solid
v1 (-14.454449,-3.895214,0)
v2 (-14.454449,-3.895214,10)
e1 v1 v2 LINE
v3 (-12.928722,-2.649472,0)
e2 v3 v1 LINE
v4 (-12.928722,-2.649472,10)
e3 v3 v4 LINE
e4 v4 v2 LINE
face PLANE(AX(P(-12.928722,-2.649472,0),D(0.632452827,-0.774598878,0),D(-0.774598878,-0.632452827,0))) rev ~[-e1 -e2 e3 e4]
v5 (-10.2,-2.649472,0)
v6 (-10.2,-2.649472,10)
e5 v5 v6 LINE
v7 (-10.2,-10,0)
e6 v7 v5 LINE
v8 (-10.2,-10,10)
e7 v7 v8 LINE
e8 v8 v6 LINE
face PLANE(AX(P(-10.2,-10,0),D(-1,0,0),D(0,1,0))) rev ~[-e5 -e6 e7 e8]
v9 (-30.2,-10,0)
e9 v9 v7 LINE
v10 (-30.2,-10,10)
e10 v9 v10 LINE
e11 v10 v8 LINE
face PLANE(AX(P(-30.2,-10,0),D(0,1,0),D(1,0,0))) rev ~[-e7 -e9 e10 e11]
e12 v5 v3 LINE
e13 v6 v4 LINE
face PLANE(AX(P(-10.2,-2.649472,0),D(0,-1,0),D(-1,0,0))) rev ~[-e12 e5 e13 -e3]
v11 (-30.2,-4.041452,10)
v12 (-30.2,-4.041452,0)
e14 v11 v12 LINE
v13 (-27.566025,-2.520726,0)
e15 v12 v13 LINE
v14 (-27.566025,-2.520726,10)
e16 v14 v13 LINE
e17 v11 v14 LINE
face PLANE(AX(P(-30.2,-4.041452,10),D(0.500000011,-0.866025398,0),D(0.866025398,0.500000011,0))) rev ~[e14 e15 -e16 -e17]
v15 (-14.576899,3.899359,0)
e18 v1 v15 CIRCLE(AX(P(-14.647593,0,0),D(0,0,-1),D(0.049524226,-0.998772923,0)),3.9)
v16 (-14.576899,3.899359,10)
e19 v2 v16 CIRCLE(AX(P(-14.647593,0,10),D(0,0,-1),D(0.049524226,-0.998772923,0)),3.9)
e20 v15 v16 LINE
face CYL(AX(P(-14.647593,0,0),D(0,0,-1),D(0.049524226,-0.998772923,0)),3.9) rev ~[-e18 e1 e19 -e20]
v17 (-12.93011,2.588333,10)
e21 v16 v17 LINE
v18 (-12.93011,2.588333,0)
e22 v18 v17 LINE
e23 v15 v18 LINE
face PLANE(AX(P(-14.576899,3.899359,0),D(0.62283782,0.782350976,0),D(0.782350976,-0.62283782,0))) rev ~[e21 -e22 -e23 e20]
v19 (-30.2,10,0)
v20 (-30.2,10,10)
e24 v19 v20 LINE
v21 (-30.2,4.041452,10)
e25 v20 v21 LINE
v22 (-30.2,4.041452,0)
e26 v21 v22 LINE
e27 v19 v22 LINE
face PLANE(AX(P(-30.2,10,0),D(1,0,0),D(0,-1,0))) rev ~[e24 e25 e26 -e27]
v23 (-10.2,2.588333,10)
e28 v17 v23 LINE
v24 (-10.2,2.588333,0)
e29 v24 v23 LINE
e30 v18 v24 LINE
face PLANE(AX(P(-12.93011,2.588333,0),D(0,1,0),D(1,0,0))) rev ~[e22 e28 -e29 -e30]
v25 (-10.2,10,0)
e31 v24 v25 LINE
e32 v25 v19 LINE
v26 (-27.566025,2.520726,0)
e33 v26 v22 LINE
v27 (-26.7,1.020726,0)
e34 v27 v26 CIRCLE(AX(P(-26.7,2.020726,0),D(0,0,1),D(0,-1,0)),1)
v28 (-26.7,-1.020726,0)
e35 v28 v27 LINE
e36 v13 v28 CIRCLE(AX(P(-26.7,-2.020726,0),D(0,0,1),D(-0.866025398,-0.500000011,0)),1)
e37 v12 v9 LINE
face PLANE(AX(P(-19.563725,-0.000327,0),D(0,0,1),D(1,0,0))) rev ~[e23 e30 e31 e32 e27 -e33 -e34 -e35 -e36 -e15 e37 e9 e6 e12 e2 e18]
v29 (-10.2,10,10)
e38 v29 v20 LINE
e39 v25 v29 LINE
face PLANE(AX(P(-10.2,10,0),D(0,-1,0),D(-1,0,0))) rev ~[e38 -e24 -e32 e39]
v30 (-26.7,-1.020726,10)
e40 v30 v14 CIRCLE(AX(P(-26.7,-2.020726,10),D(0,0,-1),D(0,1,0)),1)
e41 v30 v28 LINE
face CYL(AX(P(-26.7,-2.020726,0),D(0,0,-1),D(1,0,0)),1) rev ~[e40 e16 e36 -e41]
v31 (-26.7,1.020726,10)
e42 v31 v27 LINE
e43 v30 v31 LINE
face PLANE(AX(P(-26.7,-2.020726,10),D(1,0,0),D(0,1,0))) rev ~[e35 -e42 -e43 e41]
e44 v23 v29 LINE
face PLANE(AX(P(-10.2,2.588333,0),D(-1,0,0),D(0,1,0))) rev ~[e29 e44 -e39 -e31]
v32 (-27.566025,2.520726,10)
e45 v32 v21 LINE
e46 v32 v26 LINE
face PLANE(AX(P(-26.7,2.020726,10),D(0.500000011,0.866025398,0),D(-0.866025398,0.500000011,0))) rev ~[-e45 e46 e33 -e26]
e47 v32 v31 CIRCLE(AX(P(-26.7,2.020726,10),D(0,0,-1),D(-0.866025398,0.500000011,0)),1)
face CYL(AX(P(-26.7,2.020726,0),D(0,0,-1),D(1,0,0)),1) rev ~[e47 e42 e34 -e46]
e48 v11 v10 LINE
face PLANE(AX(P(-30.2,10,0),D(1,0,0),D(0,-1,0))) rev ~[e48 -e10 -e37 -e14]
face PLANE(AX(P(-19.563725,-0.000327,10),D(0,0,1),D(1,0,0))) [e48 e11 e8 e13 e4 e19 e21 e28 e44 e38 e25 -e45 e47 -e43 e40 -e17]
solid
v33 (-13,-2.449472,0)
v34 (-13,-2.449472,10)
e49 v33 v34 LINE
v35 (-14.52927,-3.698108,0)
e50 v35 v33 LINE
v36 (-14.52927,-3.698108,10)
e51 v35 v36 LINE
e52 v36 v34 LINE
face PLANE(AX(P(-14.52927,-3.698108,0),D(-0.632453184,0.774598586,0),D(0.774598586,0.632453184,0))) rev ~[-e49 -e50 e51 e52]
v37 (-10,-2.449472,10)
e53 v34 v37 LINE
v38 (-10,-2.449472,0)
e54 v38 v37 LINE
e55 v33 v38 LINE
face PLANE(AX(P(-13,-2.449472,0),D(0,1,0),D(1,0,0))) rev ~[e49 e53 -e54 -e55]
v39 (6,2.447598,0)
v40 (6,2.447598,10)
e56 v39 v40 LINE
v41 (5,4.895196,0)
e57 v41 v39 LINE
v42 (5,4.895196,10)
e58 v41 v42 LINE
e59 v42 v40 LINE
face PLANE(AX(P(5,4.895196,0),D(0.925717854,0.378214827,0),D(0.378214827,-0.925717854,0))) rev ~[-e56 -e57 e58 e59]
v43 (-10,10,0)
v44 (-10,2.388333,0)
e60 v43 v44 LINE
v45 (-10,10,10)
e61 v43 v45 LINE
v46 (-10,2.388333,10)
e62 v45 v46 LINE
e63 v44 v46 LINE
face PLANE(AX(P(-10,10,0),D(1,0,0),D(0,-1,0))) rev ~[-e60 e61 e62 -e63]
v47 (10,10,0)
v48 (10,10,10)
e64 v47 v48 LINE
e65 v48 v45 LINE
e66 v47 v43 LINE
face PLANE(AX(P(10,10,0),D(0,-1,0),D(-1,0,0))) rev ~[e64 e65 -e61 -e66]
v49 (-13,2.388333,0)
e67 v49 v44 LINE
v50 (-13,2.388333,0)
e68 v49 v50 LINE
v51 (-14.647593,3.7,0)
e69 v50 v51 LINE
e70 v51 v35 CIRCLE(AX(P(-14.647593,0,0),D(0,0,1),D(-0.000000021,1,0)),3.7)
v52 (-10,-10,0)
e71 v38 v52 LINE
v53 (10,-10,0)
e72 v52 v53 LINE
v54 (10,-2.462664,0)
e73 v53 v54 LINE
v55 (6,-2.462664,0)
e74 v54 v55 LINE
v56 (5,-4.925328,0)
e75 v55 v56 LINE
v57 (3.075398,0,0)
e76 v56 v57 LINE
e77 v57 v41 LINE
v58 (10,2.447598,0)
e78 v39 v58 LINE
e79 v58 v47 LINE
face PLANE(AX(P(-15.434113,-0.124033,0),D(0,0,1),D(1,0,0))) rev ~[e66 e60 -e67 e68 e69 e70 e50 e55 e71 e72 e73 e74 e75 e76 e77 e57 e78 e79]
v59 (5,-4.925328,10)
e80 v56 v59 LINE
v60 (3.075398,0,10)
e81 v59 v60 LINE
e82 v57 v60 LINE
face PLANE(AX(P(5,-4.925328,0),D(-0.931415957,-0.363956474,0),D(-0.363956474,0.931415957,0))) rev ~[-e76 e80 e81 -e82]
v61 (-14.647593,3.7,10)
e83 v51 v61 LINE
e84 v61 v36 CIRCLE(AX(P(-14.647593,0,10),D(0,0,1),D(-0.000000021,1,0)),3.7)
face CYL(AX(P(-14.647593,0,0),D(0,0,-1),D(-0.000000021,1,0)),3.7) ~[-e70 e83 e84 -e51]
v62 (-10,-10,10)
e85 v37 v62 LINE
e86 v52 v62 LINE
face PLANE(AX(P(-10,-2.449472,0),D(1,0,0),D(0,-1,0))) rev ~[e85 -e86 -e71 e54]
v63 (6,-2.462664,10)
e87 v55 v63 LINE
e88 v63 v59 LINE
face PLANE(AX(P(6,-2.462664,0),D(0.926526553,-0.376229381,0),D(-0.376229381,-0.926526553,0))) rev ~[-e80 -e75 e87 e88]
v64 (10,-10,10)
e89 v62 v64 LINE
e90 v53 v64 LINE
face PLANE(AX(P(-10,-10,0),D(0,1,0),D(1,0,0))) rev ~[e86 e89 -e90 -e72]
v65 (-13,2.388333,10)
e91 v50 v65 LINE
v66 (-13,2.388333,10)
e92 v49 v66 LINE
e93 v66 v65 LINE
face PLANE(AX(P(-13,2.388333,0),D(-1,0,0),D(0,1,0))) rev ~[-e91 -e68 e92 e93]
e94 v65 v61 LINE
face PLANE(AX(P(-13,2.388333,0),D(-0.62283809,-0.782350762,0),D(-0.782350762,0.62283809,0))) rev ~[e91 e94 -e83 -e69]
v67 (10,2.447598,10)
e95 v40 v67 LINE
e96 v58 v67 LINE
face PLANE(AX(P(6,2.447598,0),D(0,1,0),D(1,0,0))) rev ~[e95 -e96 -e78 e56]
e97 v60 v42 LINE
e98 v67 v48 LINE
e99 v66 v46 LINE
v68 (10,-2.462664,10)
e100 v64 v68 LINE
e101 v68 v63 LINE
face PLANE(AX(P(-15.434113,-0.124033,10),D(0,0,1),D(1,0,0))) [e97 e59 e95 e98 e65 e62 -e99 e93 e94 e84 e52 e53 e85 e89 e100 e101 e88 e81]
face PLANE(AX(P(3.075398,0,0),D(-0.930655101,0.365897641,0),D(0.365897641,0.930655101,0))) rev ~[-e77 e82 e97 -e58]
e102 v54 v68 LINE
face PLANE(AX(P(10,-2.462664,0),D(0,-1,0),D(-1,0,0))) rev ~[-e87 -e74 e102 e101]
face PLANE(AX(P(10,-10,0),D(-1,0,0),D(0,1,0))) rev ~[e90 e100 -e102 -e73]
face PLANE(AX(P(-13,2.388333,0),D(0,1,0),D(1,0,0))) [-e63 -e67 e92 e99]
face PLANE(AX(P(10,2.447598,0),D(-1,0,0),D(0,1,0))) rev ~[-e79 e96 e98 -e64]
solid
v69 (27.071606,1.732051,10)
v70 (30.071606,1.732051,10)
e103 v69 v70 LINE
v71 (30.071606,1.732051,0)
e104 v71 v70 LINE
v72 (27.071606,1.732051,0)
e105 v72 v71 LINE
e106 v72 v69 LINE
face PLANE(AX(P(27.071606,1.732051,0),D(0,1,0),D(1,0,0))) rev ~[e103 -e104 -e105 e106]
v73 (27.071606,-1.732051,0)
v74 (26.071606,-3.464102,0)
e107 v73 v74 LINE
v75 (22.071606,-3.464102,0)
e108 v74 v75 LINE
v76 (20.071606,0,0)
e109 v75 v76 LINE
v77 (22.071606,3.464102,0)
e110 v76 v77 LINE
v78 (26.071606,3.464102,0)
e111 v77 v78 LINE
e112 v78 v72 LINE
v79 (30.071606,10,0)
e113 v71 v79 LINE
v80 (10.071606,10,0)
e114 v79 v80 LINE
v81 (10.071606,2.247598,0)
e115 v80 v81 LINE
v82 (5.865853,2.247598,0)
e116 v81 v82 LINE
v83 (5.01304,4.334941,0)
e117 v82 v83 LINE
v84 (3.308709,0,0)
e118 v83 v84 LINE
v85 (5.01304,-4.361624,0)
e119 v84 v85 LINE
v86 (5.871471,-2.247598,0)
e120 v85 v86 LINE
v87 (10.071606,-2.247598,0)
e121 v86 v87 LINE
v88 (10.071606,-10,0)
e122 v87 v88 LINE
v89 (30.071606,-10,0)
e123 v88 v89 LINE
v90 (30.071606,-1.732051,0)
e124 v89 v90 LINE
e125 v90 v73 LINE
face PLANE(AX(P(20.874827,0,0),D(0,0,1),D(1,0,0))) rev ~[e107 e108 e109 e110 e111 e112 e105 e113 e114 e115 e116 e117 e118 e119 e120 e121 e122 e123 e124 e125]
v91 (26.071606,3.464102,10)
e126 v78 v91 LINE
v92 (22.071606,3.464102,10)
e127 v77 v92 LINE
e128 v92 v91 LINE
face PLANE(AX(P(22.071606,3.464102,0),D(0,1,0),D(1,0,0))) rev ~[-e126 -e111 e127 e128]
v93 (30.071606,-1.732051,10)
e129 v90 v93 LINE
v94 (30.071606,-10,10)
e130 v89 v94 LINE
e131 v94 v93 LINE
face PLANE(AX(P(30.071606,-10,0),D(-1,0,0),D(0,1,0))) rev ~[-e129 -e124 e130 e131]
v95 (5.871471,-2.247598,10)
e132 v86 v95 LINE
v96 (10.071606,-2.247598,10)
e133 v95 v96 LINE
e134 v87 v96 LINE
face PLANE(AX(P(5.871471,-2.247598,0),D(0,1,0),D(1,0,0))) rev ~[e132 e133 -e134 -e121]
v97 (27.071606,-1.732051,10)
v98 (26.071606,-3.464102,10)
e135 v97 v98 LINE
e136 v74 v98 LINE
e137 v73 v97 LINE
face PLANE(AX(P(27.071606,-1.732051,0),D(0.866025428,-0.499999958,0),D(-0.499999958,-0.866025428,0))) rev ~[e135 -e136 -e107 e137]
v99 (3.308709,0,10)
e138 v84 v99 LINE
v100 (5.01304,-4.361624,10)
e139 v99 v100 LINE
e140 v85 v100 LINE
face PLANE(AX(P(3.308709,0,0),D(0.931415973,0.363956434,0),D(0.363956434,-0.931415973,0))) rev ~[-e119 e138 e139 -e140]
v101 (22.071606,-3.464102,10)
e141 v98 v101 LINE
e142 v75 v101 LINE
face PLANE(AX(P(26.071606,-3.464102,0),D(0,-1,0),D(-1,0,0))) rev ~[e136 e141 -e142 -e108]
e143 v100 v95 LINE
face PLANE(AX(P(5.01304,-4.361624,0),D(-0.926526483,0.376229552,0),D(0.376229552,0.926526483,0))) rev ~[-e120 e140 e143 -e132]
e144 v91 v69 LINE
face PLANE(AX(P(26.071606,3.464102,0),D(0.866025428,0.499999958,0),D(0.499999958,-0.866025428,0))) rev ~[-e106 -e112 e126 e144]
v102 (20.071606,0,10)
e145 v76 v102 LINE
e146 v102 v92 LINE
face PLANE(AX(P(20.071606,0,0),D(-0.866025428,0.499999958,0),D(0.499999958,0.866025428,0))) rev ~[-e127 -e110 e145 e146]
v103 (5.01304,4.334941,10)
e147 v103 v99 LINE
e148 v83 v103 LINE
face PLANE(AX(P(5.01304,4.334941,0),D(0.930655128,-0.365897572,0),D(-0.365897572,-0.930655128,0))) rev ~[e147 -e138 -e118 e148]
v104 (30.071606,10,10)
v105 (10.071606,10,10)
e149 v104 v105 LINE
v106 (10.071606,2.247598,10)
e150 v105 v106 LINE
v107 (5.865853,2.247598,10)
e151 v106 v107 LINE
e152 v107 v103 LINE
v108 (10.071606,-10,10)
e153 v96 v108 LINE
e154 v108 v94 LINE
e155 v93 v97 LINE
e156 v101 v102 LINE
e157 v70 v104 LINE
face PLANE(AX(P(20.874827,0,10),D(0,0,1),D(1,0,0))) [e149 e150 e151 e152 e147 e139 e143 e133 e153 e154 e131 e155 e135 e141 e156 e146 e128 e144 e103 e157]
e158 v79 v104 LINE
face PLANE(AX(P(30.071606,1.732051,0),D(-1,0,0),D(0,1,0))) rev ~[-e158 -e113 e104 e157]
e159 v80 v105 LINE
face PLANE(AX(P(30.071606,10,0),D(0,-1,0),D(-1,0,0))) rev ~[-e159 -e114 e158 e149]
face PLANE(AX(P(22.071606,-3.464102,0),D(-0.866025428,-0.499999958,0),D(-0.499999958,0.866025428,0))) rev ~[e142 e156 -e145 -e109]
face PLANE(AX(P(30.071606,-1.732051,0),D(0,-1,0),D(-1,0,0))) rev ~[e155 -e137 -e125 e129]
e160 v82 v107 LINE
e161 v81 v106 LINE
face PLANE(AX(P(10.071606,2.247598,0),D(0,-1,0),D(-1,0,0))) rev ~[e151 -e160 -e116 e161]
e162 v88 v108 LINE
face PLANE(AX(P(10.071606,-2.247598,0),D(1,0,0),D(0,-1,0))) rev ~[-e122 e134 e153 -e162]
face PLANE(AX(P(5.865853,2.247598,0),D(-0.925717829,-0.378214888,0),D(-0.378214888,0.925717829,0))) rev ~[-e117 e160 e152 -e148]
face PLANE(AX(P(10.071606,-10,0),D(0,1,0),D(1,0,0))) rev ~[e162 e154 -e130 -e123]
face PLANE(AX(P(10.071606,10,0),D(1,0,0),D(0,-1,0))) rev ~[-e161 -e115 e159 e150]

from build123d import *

# Parameters (mm, degrees)
F0_W     = 3
F0_H     = 2.449472
F0_H_2   = 2.388333
F1_DEPTH = 10
F4_DEPTH = 10
F5_DEPTH = 10
F7_DEPTH = 10.001
F8_R     = 1
F9_DEPTH = 10.001


with BuildPart() as f1:
    # F0 (on Top) → F1 (new body)
    with BuildSketch(Plane.XY):
        with BuildLine():
            Line((-13, -2.449472), (-13, 0))
            Line((-13, 0), (-14.647593, 0))
            Line((-14.647593, 0), (-14.647593, 3.7))
            ThreePointArc((-14.647593, 3.7), (-18.34712, -0.059169), (-14.52927, -3.698108))
            Line((-14.52927, -3.698108), (-13, -2.449472))
        make_face()
        Polygon((-13, 0), (-13, 2.388333), (-14.647593, 3.7), (-14.647593, 0), align=None)
        with Locations((-11.5, -1.224736)):
            Rectangle(F0_W, F0_H)
        with Locations((-11.5, 1.194166)):
            Rectangle(F0_W, F0_H_2)
        Polygon((10, 4.895196), (10, 10), (-10, 10), (-10, 2.388333), (-10, 0), (-10, -2.449472), (-10, -10), (10, -10), (10, -4.925328), (5, -4.925328), (3.075398, 0), (5, 4.895196), align=None)
        Polygon((10, -4.925328), (10, -2.462664), (6, -2.462664), (5, -4.925328), align=None)
        Polygon((10, 2.447598), (10, 4.895196), (5, 4.895196), (6, 2.447598), align=None)
    extrude(amount=F1_DEPTH)


with BuildPart() as f4:
    # F2 (on Top) → F4 (new body)
    with BuildSketch(Plane.XY):
        Polygon((30.071606, 10), (10.071606, 10), (10.071606, 2.247598), (10.071606, 1.537336), (10.071606, -2.247598), (10.071606, -2.462664), (10.071606, -10), (30.071606, -10), (30.071606, -1.732051), (27.071606, -1.732051), (26.071606, -3.464102), (22.071606, -3.464102), (20.071606, 0), (22.071606, 3.464102), (26.071606, 3.464102), (27.071606, 1.732051), (30.071606, 1.732051), align=None)
        Polygon((10.071606, 1.537336), (10.071606, 2.247598), (5.865853, 2.247598), (4.567088, 2.247598), (4.567088, -2.247598), (5.871471, -2.247598), (10.071606, -2.247598), align=None)
        Polygon((4.567088, 2.247598), (5.865853, 2.247598), (5.01304, 4.334941), (3.308709, 0), (5.01304, -4.361624), (5.871471, -2.247598), (4.567088, -2.247598), align=None)
    extrude(amount=F4_DEPTH)


with BuildPart() as f5:
    # F3 (on face) → F5 (new body, through all)
    with BuildSketch(Plane.XY):
        with BuildLine():
            ThreePointArc((-14.454449, -3.895214), (-18.547112, -0.06126), (-14.576899, 3.899359))
            Line((-14.576899, 3.899359), (-12.93011, 2.588333))
            Line((-12.93011, 2.588333), (-10.2, 2.588333))
            Line((-10.2, 2.588333), (-10.2, 10))
            Line((-10.2, 10), (-30.2, 10))
            Line((-30.2, 10), (-30.2, -10))
            Line((-30.2, -10), (-10.2, -10))
            Line((-10.2, -10), (-10.2, -2.649472))
            Line((-10.2, -2.649472), (-12.928722, -2.649472))
            Line((-12.928722, -2.649472), (-14.454449, -3.895214))
        make_face()
    extrude(amount=F5_DEPTH)

    # F6 (on face) → F7 (cut, through all)
    with BuildSketch(Plane.XY.offset(10)):
        Polygon((-26.7, -2.020726), (-26.7, 2.020726), (-30.2, 4.041452), (-33.7, 2.020726), (-33.7, -2.020726), (-30.2, -4.041452), align=None)
    extrude(amount=-F7_DEPTH, mode=Mode.SUBTRACT)

    # F8 (on face) → F9 (cut, through all)
    with BuildSketch(Plane(origin=(0, 0, 0), x_dir=(1, 0, 0), z_dir=(0, 0, -1))):
        with Locations((-26.7, -2.020726)):
            Circle(F8_R)
        with Locations((-26.7, 2.020726)):
            Circle(F8_R)
    extrude(amount=-F9_DEPTH, mode=Mode.SUBTRACT)


solid = Compound([f1.part, f4.part, f5.part])
